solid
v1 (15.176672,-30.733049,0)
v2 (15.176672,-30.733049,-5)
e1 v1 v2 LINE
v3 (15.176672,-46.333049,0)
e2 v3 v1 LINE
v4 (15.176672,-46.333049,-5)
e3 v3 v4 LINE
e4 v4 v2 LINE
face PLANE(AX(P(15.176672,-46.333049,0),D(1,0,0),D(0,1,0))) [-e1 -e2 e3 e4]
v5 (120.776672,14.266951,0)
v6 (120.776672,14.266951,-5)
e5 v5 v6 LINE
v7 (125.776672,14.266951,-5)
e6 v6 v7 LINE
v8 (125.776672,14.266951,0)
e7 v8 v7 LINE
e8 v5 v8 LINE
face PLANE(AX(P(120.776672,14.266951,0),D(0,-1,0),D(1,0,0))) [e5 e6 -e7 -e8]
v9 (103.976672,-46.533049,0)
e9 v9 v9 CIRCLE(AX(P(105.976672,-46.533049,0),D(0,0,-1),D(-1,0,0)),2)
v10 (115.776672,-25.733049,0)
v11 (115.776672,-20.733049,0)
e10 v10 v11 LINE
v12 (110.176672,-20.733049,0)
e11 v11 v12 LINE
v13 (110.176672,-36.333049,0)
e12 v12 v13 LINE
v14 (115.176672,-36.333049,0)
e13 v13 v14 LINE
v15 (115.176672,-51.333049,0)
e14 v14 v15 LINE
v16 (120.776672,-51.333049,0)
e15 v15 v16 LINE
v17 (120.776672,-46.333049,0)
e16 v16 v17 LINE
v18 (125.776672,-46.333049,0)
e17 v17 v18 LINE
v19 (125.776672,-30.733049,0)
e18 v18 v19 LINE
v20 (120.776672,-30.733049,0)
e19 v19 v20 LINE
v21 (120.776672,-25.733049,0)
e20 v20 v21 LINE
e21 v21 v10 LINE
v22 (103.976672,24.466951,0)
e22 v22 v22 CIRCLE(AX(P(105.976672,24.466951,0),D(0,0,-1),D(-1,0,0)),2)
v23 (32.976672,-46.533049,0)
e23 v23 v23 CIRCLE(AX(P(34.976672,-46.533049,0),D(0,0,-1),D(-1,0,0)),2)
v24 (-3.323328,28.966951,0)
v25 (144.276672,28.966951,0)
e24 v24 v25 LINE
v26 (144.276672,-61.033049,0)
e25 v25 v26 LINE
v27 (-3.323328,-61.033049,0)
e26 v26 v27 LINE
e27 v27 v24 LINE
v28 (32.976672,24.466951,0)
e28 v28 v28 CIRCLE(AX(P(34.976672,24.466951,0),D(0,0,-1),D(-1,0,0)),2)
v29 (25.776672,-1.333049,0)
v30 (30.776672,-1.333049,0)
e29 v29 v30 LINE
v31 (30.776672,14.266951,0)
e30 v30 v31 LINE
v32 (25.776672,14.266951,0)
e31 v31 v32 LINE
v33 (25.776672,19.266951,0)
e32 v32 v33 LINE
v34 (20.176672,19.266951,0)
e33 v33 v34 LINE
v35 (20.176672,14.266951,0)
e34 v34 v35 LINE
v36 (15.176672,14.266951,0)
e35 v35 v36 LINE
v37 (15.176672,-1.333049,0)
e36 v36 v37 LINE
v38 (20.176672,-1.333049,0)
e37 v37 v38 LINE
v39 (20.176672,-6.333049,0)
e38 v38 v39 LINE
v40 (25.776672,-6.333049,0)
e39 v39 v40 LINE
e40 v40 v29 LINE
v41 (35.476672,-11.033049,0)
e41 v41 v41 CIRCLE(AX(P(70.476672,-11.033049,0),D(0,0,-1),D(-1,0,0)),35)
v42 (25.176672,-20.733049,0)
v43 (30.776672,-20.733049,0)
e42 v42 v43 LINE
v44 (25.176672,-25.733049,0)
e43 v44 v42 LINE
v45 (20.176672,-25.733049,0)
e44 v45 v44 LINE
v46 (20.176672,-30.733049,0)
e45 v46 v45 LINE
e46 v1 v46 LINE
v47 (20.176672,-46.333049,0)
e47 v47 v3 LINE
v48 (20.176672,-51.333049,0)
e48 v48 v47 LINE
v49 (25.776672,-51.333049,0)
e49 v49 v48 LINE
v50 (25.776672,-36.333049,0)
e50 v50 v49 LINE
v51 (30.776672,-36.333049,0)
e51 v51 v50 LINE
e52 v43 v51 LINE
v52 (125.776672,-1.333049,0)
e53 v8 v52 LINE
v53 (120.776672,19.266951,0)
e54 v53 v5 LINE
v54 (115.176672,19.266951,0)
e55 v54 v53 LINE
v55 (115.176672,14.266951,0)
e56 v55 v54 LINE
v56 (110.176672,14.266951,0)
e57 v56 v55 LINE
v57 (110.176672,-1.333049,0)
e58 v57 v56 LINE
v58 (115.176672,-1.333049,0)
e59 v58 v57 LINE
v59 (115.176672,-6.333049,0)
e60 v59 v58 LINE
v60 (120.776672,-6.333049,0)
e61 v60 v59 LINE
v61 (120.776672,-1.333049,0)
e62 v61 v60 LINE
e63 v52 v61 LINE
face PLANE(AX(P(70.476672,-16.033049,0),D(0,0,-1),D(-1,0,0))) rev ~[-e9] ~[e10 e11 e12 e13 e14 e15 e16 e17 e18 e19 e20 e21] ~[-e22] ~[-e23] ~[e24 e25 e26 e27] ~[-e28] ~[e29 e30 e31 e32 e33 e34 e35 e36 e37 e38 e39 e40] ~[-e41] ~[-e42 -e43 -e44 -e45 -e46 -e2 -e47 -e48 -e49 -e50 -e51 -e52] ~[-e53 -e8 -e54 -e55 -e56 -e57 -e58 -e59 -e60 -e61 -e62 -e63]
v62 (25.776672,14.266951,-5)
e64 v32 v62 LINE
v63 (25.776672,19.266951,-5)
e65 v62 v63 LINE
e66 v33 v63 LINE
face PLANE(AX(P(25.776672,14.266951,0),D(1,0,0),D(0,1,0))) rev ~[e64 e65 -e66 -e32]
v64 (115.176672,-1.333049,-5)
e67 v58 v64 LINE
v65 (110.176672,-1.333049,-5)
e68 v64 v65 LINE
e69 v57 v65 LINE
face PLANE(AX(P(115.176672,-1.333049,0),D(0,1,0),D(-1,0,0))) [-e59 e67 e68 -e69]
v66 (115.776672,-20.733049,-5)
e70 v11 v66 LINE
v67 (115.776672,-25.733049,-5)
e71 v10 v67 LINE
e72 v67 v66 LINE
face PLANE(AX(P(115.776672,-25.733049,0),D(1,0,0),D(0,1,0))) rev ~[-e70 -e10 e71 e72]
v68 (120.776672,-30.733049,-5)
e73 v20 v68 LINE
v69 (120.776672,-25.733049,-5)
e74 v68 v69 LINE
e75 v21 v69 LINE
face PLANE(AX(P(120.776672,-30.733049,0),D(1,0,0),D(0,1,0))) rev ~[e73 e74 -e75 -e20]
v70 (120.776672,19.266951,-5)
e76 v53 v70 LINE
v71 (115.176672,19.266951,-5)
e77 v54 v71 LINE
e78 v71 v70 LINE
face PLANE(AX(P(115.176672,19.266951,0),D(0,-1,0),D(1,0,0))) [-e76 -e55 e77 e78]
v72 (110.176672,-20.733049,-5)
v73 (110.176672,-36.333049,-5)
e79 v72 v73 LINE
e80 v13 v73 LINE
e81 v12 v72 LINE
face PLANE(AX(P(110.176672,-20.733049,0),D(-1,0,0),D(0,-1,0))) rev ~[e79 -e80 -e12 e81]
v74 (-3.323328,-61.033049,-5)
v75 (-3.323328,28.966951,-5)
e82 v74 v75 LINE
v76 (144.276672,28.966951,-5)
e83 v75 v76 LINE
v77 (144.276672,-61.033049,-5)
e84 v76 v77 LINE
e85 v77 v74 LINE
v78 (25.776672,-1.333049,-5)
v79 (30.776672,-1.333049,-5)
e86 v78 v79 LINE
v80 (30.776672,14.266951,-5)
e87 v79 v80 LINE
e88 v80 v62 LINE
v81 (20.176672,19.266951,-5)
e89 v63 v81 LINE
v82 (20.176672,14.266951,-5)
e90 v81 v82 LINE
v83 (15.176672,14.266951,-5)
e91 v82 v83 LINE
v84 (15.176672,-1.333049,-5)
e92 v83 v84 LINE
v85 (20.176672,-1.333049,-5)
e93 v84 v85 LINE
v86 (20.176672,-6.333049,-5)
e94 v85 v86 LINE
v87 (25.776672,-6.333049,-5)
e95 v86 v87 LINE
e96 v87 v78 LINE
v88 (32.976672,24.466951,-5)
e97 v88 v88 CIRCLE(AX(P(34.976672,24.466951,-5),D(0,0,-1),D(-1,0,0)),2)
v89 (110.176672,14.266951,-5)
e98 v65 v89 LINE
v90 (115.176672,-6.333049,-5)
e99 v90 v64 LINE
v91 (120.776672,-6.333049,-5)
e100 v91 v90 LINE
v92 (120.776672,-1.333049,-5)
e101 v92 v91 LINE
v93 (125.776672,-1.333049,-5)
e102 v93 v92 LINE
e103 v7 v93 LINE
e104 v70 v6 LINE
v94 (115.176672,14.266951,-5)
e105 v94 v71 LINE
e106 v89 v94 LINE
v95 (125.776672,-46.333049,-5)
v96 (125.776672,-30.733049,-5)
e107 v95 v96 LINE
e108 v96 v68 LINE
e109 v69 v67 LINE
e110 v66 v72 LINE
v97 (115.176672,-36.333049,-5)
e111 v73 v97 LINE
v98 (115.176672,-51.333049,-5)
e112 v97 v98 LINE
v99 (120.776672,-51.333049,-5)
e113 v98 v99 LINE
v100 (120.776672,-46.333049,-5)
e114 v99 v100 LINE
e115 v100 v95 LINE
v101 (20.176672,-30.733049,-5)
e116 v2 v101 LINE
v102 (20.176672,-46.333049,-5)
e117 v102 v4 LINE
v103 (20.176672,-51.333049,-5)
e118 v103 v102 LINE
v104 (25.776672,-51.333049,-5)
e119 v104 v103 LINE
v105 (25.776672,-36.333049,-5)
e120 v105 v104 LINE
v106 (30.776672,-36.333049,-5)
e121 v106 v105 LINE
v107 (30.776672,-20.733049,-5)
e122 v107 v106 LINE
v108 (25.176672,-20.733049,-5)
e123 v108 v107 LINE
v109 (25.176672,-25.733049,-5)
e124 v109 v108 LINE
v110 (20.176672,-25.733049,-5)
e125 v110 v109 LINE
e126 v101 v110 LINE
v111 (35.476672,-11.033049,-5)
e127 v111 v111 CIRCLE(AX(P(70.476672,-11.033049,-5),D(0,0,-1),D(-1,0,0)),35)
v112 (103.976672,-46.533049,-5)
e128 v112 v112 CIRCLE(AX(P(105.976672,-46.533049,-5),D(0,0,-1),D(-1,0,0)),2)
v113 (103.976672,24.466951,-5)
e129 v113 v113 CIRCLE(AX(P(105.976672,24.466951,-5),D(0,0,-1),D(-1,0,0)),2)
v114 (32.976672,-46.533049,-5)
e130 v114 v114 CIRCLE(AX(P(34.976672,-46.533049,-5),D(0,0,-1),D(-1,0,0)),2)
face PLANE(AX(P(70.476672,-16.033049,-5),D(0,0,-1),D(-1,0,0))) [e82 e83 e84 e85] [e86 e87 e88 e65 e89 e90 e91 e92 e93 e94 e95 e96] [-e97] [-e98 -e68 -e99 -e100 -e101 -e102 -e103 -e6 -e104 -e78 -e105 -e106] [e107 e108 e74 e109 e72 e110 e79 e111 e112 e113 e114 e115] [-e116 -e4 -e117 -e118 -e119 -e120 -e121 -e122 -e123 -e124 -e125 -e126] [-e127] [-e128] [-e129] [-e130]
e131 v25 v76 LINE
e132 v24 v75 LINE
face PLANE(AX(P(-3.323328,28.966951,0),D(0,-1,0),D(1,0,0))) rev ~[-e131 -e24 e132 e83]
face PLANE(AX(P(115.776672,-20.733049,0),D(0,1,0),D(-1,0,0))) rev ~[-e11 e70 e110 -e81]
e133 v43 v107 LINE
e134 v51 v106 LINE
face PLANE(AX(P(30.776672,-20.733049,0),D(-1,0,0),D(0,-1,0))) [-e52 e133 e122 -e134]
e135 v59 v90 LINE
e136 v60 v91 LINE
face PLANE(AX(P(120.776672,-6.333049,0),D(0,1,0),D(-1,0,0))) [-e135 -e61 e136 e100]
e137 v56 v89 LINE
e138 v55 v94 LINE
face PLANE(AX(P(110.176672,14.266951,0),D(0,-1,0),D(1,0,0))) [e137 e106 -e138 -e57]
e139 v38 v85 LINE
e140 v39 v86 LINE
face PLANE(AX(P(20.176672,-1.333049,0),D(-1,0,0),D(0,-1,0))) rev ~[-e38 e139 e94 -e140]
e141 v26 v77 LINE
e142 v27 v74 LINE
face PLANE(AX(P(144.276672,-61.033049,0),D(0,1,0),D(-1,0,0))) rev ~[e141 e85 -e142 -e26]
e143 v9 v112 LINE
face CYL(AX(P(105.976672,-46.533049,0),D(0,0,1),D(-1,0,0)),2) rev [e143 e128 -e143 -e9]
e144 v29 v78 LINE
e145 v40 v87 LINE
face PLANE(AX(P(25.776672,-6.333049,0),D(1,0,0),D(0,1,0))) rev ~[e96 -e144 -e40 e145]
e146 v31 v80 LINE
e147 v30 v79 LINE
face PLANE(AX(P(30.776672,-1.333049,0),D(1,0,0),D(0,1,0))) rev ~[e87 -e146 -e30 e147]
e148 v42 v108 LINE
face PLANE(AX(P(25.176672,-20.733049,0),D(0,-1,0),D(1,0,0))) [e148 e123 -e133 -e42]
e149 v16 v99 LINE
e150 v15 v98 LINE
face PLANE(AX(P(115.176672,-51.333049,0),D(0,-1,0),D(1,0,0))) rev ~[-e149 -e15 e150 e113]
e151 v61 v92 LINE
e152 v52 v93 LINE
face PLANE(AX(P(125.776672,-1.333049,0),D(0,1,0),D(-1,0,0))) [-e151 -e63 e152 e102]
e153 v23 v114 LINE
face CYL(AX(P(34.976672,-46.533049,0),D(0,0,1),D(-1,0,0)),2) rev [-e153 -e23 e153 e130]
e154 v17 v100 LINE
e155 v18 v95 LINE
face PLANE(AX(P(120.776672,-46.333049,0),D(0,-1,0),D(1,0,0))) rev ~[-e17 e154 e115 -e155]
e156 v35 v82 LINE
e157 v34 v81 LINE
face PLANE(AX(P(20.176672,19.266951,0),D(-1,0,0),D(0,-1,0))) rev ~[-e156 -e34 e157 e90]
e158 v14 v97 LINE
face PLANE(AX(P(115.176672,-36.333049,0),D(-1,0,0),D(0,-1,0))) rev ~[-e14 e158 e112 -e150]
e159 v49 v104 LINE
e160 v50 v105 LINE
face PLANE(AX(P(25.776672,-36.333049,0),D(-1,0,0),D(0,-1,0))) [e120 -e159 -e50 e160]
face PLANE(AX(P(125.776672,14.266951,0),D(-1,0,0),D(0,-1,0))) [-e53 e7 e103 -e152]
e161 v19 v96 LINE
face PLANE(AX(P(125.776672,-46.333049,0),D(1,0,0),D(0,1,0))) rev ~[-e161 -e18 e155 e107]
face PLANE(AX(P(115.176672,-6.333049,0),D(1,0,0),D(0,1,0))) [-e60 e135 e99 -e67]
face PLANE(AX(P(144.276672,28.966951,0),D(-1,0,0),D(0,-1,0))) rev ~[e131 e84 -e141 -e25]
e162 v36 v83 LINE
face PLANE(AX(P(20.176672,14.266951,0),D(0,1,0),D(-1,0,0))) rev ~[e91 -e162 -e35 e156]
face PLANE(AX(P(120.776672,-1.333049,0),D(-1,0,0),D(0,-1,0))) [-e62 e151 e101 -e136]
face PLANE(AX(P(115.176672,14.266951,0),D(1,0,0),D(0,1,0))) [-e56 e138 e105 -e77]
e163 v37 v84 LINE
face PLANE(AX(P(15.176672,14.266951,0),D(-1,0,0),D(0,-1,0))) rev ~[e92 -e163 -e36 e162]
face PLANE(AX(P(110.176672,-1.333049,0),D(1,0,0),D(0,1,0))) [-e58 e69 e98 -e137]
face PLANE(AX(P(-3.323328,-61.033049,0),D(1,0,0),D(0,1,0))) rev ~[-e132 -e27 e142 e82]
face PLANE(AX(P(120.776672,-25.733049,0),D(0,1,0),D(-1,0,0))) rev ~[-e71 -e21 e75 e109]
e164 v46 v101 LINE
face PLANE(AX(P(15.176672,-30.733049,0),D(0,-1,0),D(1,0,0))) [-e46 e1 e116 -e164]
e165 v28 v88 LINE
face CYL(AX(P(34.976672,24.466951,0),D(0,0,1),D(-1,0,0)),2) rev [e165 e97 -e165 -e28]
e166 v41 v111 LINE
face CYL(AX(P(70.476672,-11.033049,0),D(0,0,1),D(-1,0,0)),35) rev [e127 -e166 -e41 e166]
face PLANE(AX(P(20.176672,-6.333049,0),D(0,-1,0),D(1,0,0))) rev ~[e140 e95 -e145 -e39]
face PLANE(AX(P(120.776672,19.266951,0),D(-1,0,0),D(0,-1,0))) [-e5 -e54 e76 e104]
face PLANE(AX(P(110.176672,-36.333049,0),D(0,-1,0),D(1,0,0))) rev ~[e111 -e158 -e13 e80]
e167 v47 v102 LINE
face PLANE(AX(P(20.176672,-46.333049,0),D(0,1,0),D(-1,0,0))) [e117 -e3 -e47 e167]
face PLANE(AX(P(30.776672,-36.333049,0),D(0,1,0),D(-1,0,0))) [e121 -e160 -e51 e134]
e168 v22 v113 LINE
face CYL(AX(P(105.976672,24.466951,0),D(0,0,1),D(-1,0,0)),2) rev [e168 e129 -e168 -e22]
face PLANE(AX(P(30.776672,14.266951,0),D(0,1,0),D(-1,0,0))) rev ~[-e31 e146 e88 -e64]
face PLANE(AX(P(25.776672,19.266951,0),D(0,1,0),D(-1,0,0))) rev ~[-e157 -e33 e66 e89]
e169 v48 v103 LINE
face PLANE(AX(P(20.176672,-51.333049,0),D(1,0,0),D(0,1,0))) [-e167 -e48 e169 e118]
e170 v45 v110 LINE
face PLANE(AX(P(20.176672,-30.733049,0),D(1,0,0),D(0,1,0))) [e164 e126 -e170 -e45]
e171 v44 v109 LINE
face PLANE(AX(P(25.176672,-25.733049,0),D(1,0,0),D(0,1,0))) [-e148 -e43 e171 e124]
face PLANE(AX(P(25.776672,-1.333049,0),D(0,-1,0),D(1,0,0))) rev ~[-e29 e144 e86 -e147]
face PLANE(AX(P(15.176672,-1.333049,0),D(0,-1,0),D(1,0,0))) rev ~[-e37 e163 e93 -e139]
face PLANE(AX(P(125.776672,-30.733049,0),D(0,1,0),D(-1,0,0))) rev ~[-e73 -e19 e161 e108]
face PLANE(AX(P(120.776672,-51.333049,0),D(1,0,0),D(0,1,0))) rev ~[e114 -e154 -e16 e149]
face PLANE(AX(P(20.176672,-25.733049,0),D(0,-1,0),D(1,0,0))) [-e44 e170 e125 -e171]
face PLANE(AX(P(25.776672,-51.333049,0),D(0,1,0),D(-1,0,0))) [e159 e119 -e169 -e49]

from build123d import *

# Parameters (mm, degrees)
SKETCH2_R           = 35
SKETCH2_R_2         = 2
BOSS_EXTRUDE1_DEPTH = 5


with BuildPart() as part:
    # Sketch2 → Boss-Extrude1 (new body)
    with BuildSketch(Plane(origin=(0, 0, 0), x_dir=(-1, 0, 0), z_dir=(0, 0, -1))):
        Polygon((-144.276672243, 28.966950724), (-144.276672243, -46.033049276), (-144.276672243, -61.033049276), (3.323327757, -61.033049276), (3.323327757, -46.033049276), (3.323327757, 28.966950724), align=None)
        with Locations((-70.476672243, -11.033049276)):
            Circle(SKETCH2_R, mode=Mode.SUBTRACT)
        with Locations((-34.976672243, 24.466950724)):
            Circle(SKETCH2_R_2, mode=Mode.SUBTRACT)
        with Locations((-105.976672243, 24.466950724)):
            Circle(SKETCH2_R_2, mode=Mode.SUBTRACT)
        with Locations((-105.976672243, -46.533049276)):
            Circle(SKETCH2_R_2, mode=Mode.SUBTRACT)
        with Locations((-34.976672243, -46.533049276)):
            Circle(SKETCH2_R_2, mode=Mode.SUBTRACT)
        Polygon((-30.776672243, 14.266950724), (-25.776672243, 14.266950724), (-25.776672243, 19.266950724), (-20.176672243, 19.266950724), (-20.176672243, 14.266950724), (-15.176672243, 14.266950724), (-15.176672243, -1.333049276), (-20.176672243, -1.333049276), (-20.176672243, -6.333049276), (-25.776672243, -6.333049276), (-25.776672243, -1.333049276), (-30.776672243, -1.333049276), align=None, mode=Mode.SUBTRACT)
        Polygon((-115.176672243, -6.333049276), (-115.176672243, -1.333049276), (-110.176672243, -1.333049276), (-110.176672243, 14.266950724), (-115.176672243, 14.266950724), (-115.176672243, 19.266950724), (-120.776672243, 19.266950724), (-120.776672243, 14.266950724), (-125.776672243, 14.266950724), (-125.776672243, -1.333049276), (-120.776672243, -1.333049276), (-120.776672243, -6.333049276), align=None, mode=Mode.SUBTRACT)
        Polygon((-120.776672243, -25.733049276), (-115.776672243, -25.733049276), (-115.776672243, -20.733049276), (-110.176672243, -20.733049276), (-110.176672243, -36.333049276), (-115.176672243, -36.333049276), (-115.176672243, -51.333049276), (-120.776672243, -51.333049276), (-120.776672243, -46.333049276), (-125.776672243, -46.333049276), (-125.776672243, -30.733049276), (-120.776672243, -30.733049276), align=None, mode=Mode.SUBTRACT)
        Polygon((-25.776672243, -36.333049276), (-25.776672243, -51.333049276), (-20.176672243, -51.333049276), (-20.176672243, -46.333049276), (-15.176672243, -46.333049276), (-15.176672243, -30.733049276), (-20.176672243, -30.733049276), (-20.176672243, -25.733049276), (-25.176672243, -25.733049276), (-25.176672243, -20.733049276), (-30.776672243, -20.733049276), (-30.776672243, -36.333049276), align=None, mode=Mode.SUBTRACT)
    extrude(amount=BOSS_EXTRUDE1_DEPTH)


solid = part.part
